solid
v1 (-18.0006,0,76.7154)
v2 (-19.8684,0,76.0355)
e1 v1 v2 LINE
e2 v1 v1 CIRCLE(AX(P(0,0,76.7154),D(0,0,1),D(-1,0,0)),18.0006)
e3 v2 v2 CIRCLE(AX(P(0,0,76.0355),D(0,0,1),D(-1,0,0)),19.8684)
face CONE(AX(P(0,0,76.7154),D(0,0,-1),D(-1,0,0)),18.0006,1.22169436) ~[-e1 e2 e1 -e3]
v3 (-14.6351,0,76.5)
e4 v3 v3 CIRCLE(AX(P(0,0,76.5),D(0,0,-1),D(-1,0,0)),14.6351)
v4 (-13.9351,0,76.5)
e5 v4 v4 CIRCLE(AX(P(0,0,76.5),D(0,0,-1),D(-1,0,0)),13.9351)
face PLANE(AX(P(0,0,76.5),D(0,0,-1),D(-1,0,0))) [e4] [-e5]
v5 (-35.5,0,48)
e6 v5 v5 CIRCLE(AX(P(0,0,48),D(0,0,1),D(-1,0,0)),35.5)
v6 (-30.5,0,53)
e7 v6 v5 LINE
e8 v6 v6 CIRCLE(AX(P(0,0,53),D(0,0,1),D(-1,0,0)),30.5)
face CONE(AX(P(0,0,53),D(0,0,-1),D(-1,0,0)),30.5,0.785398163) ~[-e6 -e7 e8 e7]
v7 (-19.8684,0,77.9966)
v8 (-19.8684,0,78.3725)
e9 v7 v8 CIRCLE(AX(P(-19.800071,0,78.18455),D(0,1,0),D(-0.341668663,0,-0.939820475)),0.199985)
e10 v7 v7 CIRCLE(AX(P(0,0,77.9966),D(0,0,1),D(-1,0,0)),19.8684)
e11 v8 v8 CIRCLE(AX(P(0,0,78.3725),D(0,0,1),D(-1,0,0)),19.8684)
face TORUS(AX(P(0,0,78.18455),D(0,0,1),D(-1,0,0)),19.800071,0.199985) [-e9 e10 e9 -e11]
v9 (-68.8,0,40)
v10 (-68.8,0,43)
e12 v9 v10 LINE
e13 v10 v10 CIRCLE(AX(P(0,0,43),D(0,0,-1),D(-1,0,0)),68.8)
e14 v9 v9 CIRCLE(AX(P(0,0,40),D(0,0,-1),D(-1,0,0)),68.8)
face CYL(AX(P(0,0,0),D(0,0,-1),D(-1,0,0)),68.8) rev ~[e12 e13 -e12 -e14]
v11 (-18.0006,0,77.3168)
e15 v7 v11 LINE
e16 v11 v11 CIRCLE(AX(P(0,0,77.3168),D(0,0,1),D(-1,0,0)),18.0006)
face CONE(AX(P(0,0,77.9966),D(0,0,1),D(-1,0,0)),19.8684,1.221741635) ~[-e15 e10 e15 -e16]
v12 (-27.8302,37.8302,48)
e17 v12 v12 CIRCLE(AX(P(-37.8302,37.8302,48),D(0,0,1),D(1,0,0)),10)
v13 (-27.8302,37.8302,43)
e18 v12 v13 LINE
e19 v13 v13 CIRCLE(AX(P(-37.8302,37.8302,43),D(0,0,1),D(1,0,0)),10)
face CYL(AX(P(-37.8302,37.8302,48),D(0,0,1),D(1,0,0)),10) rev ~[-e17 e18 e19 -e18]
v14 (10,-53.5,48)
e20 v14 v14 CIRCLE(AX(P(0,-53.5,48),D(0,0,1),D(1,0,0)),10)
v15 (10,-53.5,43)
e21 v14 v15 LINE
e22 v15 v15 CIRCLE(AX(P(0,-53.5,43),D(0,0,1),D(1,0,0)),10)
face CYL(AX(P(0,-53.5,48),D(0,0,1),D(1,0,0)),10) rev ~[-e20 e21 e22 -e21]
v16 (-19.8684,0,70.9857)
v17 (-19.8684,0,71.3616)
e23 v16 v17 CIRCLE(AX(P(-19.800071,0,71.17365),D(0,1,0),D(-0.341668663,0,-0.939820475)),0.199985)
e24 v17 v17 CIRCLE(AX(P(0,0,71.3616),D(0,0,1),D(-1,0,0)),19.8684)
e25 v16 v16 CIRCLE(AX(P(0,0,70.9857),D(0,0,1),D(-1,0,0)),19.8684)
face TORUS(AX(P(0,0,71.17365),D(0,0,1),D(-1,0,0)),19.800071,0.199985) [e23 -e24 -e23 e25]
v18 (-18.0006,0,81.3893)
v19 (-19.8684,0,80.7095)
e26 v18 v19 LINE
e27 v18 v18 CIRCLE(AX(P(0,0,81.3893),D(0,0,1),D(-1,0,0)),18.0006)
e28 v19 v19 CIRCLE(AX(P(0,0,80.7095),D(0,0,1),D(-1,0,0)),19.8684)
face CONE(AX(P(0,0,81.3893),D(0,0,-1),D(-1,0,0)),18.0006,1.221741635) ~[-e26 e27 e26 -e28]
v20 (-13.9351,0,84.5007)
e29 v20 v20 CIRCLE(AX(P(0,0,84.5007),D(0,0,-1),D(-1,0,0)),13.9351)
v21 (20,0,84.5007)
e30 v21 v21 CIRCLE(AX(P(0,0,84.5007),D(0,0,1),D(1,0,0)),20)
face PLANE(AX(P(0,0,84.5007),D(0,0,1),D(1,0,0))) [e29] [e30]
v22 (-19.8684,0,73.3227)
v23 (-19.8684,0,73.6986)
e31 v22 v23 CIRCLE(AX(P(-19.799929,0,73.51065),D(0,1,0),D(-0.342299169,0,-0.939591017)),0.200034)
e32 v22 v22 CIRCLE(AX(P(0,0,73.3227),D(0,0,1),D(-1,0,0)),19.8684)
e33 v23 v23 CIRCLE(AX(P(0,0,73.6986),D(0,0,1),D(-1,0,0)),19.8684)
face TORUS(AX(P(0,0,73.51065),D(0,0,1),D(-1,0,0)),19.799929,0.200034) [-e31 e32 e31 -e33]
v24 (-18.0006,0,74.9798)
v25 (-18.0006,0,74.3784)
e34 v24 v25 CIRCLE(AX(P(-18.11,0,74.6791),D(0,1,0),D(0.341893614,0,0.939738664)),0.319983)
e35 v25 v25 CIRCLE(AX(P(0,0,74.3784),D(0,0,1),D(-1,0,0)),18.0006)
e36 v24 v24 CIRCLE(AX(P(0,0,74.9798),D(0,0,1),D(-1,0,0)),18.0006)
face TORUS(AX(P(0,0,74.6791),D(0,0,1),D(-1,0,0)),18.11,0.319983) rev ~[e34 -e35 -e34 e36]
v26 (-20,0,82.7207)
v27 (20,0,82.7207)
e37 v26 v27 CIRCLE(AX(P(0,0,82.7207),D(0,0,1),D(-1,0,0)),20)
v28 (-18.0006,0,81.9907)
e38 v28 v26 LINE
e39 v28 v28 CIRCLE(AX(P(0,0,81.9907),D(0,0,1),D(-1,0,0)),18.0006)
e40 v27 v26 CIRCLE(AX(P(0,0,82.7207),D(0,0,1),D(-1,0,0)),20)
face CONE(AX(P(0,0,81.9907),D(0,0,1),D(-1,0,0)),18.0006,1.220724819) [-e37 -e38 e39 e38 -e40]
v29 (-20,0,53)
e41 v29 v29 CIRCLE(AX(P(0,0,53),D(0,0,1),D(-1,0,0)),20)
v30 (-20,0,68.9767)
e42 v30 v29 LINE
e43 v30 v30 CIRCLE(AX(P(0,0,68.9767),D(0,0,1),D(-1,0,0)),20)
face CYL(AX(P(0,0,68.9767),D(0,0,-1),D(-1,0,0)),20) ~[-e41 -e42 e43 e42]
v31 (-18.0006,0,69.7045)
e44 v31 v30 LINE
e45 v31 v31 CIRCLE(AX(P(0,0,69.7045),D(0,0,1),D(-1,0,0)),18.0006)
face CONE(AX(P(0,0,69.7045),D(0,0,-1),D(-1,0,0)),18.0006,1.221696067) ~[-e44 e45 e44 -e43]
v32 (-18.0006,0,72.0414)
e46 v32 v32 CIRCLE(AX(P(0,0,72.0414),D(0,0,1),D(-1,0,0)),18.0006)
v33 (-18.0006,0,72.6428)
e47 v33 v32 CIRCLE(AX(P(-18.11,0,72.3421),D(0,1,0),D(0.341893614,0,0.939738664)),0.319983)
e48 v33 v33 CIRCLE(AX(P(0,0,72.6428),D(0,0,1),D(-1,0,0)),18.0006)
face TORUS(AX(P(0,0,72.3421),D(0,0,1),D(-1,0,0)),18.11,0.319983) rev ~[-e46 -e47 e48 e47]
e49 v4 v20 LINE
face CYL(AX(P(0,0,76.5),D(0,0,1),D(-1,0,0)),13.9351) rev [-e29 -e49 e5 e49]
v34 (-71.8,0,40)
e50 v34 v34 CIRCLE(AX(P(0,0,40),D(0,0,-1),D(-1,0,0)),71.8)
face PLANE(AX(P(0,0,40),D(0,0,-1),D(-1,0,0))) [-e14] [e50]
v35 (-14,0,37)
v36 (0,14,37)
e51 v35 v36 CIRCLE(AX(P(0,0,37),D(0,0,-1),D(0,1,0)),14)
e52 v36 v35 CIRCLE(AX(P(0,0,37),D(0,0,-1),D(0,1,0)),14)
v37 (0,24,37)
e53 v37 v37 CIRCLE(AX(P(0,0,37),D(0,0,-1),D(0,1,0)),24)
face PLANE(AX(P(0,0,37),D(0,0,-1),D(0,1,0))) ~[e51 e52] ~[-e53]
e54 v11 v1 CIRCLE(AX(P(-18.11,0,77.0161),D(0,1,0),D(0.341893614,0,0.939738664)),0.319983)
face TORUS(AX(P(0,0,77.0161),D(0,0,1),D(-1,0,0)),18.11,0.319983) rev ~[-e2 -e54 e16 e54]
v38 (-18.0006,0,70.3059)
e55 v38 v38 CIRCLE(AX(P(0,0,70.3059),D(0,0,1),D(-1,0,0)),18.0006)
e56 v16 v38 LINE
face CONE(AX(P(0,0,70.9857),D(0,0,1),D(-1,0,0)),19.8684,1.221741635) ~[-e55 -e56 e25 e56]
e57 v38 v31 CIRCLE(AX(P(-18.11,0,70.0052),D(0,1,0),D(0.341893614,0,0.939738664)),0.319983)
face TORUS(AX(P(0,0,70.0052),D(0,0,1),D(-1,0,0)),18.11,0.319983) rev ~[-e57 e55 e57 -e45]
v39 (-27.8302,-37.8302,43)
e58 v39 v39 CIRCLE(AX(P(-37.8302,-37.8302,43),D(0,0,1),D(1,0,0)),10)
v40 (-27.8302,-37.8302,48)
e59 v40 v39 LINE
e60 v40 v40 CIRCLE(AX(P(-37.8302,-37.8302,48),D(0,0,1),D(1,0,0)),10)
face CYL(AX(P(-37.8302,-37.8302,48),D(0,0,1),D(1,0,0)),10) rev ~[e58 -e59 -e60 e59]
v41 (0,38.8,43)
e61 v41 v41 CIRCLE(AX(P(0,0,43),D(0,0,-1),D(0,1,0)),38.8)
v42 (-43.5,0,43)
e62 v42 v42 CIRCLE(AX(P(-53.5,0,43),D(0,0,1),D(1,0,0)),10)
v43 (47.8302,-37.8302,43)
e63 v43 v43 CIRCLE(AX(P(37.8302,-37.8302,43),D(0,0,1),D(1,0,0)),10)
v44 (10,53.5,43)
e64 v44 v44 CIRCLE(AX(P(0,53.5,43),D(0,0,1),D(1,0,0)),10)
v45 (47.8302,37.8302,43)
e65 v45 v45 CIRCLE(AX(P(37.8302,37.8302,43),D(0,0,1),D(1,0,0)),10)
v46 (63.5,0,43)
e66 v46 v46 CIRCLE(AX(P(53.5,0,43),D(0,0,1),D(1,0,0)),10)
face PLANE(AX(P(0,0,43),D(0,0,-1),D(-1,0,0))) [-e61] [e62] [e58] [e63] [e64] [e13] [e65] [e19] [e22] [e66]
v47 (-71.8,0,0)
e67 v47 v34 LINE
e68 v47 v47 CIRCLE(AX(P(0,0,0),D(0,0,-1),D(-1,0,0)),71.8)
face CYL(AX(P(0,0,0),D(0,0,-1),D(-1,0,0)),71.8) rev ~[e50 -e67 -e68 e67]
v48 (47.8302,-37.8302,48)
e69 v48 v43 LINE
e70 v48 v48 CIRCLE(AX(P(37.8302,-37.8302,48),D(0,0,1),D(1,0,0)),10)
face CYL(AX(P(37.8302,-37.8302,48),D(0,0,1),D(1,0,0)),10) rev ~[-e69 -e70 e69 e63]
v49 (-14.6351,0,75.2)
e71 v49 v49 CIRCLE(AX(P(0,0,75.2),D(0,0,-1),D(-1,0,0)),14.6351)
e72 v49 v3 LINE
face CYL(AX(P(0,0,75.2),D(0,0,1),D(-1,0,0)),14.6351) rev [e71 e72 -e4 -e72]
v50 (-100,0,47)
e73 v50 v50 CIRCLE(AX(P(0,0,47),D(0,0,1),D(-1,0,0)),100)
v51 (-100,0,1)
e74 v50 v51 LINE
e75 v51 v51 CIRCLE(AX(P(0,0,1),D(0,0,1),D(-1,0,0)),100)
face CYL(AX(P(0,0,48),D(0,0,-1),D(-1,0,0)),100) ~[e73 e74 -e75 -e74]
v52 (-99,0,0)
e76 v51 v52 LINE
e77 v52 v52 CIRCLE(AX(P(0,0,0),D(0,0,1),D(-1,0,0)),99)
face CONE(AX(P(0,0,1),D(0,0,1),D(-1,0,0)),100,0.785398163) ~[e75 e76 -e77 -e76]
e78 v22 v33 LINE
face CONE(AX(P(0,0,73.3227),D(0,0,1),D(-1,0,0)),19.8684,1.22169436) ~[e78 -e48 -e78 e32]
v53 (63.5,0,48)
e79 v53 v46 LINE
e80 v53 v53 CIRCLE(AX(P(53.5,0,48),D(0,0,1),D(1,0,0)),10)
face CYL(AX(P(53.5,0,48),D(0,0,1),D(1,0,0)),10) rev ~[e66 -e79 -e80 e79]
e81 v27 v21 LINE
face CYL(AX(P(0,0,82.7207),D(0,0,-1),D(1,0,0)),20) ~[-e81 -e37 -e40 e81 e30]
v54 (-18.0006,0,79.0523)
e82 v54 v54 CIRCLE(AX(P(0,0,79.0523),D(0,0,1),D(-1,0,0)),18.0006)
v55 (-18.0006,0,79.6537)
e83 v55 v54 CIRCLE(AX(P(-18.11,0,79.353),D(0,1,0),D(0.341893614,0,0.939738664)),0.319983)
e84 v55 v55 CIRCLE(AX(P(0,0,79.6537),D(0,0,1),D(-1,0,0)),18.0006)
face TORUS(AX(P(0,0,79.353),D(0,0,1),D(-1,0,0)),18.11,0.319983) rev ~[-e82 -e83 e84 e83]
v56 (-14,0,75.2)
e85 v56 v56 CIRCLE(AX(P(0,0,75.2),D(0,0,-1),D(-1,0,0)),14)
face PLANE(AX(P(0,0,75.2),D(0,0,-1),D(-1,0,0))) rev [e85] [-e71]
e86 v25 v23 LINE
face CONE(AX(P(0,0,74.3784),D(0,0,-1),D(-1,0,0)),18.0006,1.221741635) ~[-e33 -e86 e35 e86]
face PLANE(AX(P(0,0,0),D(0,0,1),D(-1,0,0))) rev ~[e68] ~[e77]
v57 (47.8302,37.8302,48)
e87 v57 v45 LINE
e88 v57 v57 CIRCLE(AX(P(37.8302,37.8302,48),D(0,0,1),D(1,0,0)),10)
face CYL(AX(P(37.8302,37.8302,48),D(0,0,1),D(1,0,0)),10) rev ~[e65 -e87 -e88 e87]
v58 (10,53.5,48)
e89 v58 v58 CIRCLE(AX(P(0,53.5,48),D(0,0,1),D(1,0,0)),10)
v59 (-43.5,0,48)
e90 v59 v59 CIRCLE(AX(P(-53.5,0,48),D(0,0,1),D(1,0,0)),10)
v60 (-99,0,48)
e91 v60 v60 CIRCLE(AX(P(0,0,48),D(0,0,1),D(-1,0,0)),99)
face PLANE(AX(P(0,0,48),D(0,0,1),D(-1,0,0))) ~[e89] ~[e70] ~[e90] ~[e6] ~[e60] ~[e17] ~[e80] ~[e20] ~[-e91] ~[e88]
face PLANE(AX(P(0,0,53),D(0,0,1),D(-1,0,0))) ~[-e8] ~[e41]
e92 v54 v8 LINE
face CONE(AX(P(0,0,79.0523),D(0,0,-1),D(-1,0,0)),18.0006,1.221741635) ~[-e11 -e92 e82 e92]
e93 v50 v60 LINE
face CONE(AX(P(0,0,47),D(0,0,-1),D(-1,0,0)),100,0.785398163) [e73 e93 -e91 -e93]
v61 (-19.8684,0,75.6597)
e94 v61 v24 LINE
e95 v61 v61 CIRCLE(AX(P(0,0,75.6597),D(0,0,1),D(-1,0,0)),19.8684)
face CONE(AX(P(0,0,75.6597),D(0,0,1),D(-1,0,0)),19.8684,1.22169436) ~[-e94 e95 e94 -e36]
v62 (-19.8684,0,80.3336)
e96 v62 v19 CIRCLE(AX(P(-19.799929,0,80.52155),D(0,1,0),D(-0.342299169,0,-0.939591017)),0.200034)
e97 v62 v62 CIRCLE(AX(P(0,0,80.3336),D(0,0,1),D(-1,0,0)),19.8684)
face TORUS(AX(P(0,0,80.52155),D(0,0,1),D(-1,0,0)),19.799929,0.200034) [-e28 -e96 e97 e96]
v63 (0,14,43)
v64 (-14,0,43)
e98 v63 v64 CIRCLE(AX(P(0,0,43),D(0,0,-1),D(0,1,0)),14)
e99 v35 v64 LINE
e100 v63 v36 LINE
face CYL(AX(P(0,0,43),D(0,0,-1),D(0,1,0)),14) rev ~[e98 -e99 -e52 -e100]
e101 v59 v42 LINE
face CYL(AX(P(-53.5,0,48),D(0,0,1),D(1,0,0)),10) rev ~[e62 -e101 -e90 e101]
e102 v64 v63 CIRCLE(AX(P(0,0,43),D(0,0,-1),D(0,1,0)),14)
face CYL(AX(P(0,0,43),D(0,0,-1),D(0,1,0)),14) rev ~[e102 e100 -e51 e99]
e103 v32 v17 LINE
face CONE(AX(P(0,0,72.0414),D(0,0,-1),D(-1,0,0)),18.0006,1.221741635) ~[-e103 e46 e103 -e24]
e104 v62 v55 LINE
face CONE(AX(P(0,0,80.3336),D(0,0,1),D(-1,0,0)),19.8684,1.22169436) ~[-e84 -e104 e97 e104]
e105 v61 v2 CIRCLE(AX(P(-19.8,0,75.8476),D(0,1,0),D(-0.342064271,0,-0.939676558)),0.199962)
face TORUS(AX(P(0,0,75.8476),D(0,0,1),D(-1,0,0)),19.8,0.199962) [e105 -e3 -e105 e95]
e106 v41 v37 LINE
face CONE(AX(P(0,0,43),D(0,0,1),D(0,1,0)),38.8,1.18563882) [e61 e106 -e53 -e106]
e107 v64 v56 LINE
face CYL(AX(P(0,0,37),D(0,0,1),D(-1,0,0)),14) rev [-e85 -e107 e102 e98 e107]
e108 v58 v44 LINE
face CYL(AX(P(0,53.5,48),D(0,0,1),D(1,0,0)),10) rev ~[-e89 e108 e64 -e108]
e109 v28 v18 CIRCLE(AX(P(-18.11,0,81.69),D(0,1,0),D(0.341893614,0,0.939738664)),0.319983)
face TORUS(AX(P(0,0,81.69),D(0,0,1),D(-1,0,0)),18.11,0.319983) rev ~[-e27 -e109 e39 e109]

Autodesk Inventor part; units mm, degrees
ref_plane "YZ Plane" through (0, 0, 0) normal (1, 0, 0) x (0, 1, 0)
ref_plane "XZ Plane" through (0, 0, 0) normal (0, 1, 0) x (-1, 0, 0)
ref_plane "XY Plane" through (0, 0, 0) normal (0, 0, 1) x (1, 0, 0)
sketch "Sketch1" plane through (0, 0, 0) normal (0, 1, 0) x (-1, 0, 0)
  line L0 (0, 0) -> (0, 81.9907)
  line L1 (100, 48) -> (100, 0)
  line L2 (35.5, 48) -> (100, 48)
  line L3 (30.5, 53) -> (35.5, 48)
  line L4 (20, 53) -> (30.5, 53)
  line L5 (20, 68.9767) -> (20, 53)
  line L6 (18.0006, 69.7045) -> (20, 68.9767)
  line L7 (19.8684, 70.9857) -> (18.0006, 70.3059)
  line L8 (18.0006, 72.0414) -> (19.8684, 71.3616)
  line L9 (19.8684, 73.3227) -> (18.0006, 72.6428)
  line L10 (18.0006, 74.3784) -> (19.8684, 73.6986)
  line L11 (19.8684, 75.6597) -> (18.0006, 74.9798)
  line L12 (18.0006, 76.7154) -> (19.8684, 76.0355)
  line L13 (19.8684, 77.9966) -> (18.0006, 77.3168)
  line L14 (18.0006, 79.0523) -> (19.8684, 78.3725)
  line L15 (19.8684, 80.3336) -> (18.0006, 79.6537)
  line L16 (18.0006, 81.3893) -> (19.8684, 80.7095)
  line L17 (0, 81.9907) -> (18.0006, 81.9907)
  line L18 (0, 0) -> (0, 81.9907)
  line L19 (100, 0) -> (0, 0)
  arc A0 (18.0006, 70.3059) -> (18.0006, 69.7045) centre (18.11, 70.0052) ccw
  arc A1 (19.8684, 70.9857) -> (19.8684, 71.3616) centre (19.8, 71.1737) ccw
  arc A2 (18.0006, 72.6428) -> (18.0006, 72.0414) centre (18.11, 72.3421) ccw
  arc A3 (19.8684, 73.3227) -> (19.8684, 73.6986) centre (19.8, 73.5106) ccw
  arc A4 (18.0006, 74.9798) -> (18.0006, 74.3784) centre (18.11, 74.6791) ccw
  arc A5 (19.8684, 75.6597) -> (19.8684, 76.0355) centre (19.8, 75.8476) ccw
  arc A6 (18.0006, 77.3168) -> (18.0006, 76.7154) centre (18.11, 77.0161) ccw
  arc A7 (19.8684, 77.9966) -> (19.8684, 78.3725) centre (19.8, 78.1846) ccw
  arc A8 (18.0006, 79.6537) -> (18.0006, 79.0523) centre (18.11, 79.353) ccw
  arc A9 (19.8684, 80.3336) -> (19.8684, 80.7095) centre (19.8, 80.5215) ccw
  arc A10 (18.0006, 81.9907) -> (18.0006, 81.3893) centre (18.11, 81.69) ccw
  dimension "d0" = 0
  dimension "d1" = 48
  dimension "d2" = 64.5
  dimension "d3" = 135
  dimension "d4" = 135
  dimension "d5" = 90
  dimension "d6" = 10.5
  dimension "d7" = 15.9767
  dimension "d8" = 40
  dimension "d9" = 40
  dimension "d10" = 40
  dimension "d11" = 40
  dimension "d12" = 40
  dimension "d13" = 81.9907
  dimension "d14" = 18.0006
  dimension "d15" = 0.32
  dimension "d16" = 0.32
  dimension "d17" = 0.32
  dimension "d18" = 0.32
  dimension "d19" = 0.32
  dimension "d20" = 0.32
  dimension "d21" = 100
  dimension "d22" = 0.2
  dimension "d23" = 0.2
  dimension "d24" = 0.2
  dimension "d25" = 0.2
  dimension "d26" = 0.2
  dimension "d27" = 0.3007
  dimension "d28" = 1.4692
  dimension "d29" = 2.6377
  dimension "d30" = 3.8062
  dimension "d31" = 4.9746
  dimension "d32" = 6.1431
  dimension "d33" = 7.3116
  dimension "d34" = 8.4801
  dimension "d35" = 9.6486
  dimension "d36" = 10.817
  dimension "d37" = 11.9855
  dimension "d38" = 110
  dimension "d39" = 13.014
  dimension "d40" = 1.9877
  dimension "d41" = 1.9877
  dimension "d42" = 1.9877
  dimension "d43" = 1.9877
  dimension "d44" = 1.9877
  dimension "d45" = 1.9877
  dimension "d46" = 1.9877
  dimension "d48" = 1.9877
  dimension "d49" = 1.9877
  dimension "d50" = 1.9877
  dimension "d51" = 2.1278
  dimension "d52" = 0.6014
  dimension "d53" = 1.7356
  dimension "d54" = 0.6014
  dimension "d55" = 0.6014
  dimension "d56" = 0.6014
  dimension "d57" = 0.6014
  dimension "d58" = 0.6014
  dimension "d59" = 80
  dimension "d60" = 1.89
revolve "Revolution1" add sketch "Sketch1" angle 360 about axis through (0, 0, 0) along (0, 0, 1)
sketch "Sketch2" plane through (0, 0, 0) normal (0, 0, -1) x (-1, 0, 0)
  circle A0 centre (0, 0) radius 71.8
  dimension "d62" = 143.6
extrude "Extrusion1" cut sketch "Sketch2" against normal blind 40
sketch "Sketch3" plane through (0, 0, 0) normal (0, 0, -1) x (-1, 0, 0)
  circle A0 centre (0, 0) radius 68.8
  dimension "d65" = 137.6
extrude "Extrusion2" cut sketch "Sketch3" against normal blind 43
sketch "Sketch4" plane through (0, 0, 0) normal (1, 0, 0) x (0, 1, 0)
  line L0 (68.8, 43) -> (-68.8, 43) projected
  line L1 (0, 43) -> (14, 43)
  line L2 (14, 43) -> (14, 37)
  line L3 (14, 37) -> (24, 37)
  line L4 (24, 37) -> (38.8, 37) construction
  line L5 (38.8, 37) -> (38.8, 43) construction
  line L6 (38.8, 43) -> (24, 37)
  line L7 (0, 43) -> (0, 33.9753) construction
  point P0 (0, 0)
  dimension "d68" = 14
  dimension "d69" = 6
  dimension "d70" = 10
  dimension "d73" = 38.8
revolve "Revolution2" add sketch "Sketch4" angle 360 about axis through (0, 0, 43) along (0, 0, -1)
sketch "Sketch6" plane through (0, 0, 0) normal (0, 1, 0) x (-1, 0, 0)
  point P0 (0, 0)
sketch "Sketch7" plane through (0, 0, 0) normal (0, 1, 0) x (-1, 0, 0)
  line L0 (18.0006, 81.9907) -> (-18.0006, 81.9907) projected
  line L1 (0, 81.9907) -> (0, 82.7207)
  arc A0 (19.8684, 80.3336) -> (19.8684, 80.7095) centre (19.8, 80.5215) ccw projected
  line L2 (0, 82.7207) -> (20, 82.7207)
  line L3 (18.0006, 81.9907) -> (20, 82.7207)
  point P0 (0, 0)
  dimension "d77" = 0.73
revolve "Revolution3" add sketch "Sketch7" angle 360 about axis through (0, 0, 81.9907) along (0, 0, 1)
sketch "Sketch8" plane through (0, 0, 82.7207) normal (0, 0, 1) x (1, 0, 0)
  circle A0 centre (0, 0) radius 20
extrude "Extrusion4" add sketch "Sketch8" along normal blind 1.78
sketch "Sketch9" plane through (0, 0, 0) normal (0, 1, 0) x (-1, 0, 0)
  line L0 (20, 84.5007) -> (-20, 84.5007) projected
  line L1 (0, 84.5007) -> (0, 37.0007)
  line L2 (0, 37.0007) -> (10.9209, 37.0007)
  line L3 (0, 37.0007) -> (14, 37)
  line L4 (-14, 37) -> (14, 37) projected
  line L5 (14, 37) -> (14, 75.2)
  line L6 (13.9351, 75.2) -> (14.6351, 75.2)
  line L7 (19.8684, 75.6597) -> (-19.8684, 75.6597) projected
  line L8 (14.6351, 75.2) -> (14.6351, 76.5)
  line L9 (14.6351, 76.5) -> (13.9351, 76.5)
  line L10 (13.9351, 76.5) -> (13.9351, 84.5007)
  line L11 (0, 84.5007) -> (13.9351, 84.5007)
  point P0 (0, 0)
  dimension "d81" = 47.5
  dimension "d82" = 14
  dimension "d83" = 38.2
  dimension "d84" = 0.7
  dimension "d86" = 1.3
  dimension "d87" = 0.7
revolve "Revolution4" cut sketch "Sketch9" angle 360 about axis through (0, 0, 84.5007) along (0, 0, -1)
sketch "Sketch10" plane through (0, 0, 48) normal (0, 0, 1) x (1, 0, 0)
  circle A0 centre (0, 0) radius 13.9351 projected
  circle A1 centre (0, 0) radius 53.5 construction
  circle A2 centre (-53.5, 0) radius 10
  circle A3 centre (0, 0) radius 53.5 construction
  circle A4 centre (-37.8302, -37.8302) radius 10
  circle A5 centre (0, 0) radius 53.5 construction
  circle A6 centre (0, -53.5) radius 10
  circle A7 centre (0, 0) radius 53.5 construction
  circle A8 centre (37.8302, -37.8302) radius 10
  circle A9 centre (0, 0) radius 53.5 construction
  circle A10 centre (53.5, 0) radius 10
  circle A11 centre (0, 0) radius 53.5 construction
  circle A12 centre (37.8302, 37.8302) radius 10
  circle A13 centre (0, 0) radius 53.5 construction
  circle A14 centre (0, 53.5) radius 10
  circle A15 centre (0, 0) radius 53.5 construction
  circle A16 centre (-37.8302, 37.8302) radius 10
  line L0 (-53.5, 0) -> (-35.5, 0) construction
  circle A17 centre (0, 0) radius 35.5 projected
  circle A18 centre (0, 0) radius 38.8 projected
  line L1 (-37.8302, -37.8302) -> (0, 0) construction
  dimension "d89" = 107
  dimension "d90" = 20
  dimension "d93" = 360
extrude "Extrusion5" cut sketch "Sketch10" against normal blind 10 contours A2 | A4 | A6 | A8 | A10 | A12 | A14 | A16
chamfer "Chamfer1" distance 1 angle 45 1 edges at (100, 0, 0) measured on face at (-57.1537, 70.0144, 0)
chamfer "Chamfer2" distance 1 angle 45 1 edges at (100, 0, 48) measured on face at (-66.0249, 28.1135, 48)
properties part number "59-01-002-B"
